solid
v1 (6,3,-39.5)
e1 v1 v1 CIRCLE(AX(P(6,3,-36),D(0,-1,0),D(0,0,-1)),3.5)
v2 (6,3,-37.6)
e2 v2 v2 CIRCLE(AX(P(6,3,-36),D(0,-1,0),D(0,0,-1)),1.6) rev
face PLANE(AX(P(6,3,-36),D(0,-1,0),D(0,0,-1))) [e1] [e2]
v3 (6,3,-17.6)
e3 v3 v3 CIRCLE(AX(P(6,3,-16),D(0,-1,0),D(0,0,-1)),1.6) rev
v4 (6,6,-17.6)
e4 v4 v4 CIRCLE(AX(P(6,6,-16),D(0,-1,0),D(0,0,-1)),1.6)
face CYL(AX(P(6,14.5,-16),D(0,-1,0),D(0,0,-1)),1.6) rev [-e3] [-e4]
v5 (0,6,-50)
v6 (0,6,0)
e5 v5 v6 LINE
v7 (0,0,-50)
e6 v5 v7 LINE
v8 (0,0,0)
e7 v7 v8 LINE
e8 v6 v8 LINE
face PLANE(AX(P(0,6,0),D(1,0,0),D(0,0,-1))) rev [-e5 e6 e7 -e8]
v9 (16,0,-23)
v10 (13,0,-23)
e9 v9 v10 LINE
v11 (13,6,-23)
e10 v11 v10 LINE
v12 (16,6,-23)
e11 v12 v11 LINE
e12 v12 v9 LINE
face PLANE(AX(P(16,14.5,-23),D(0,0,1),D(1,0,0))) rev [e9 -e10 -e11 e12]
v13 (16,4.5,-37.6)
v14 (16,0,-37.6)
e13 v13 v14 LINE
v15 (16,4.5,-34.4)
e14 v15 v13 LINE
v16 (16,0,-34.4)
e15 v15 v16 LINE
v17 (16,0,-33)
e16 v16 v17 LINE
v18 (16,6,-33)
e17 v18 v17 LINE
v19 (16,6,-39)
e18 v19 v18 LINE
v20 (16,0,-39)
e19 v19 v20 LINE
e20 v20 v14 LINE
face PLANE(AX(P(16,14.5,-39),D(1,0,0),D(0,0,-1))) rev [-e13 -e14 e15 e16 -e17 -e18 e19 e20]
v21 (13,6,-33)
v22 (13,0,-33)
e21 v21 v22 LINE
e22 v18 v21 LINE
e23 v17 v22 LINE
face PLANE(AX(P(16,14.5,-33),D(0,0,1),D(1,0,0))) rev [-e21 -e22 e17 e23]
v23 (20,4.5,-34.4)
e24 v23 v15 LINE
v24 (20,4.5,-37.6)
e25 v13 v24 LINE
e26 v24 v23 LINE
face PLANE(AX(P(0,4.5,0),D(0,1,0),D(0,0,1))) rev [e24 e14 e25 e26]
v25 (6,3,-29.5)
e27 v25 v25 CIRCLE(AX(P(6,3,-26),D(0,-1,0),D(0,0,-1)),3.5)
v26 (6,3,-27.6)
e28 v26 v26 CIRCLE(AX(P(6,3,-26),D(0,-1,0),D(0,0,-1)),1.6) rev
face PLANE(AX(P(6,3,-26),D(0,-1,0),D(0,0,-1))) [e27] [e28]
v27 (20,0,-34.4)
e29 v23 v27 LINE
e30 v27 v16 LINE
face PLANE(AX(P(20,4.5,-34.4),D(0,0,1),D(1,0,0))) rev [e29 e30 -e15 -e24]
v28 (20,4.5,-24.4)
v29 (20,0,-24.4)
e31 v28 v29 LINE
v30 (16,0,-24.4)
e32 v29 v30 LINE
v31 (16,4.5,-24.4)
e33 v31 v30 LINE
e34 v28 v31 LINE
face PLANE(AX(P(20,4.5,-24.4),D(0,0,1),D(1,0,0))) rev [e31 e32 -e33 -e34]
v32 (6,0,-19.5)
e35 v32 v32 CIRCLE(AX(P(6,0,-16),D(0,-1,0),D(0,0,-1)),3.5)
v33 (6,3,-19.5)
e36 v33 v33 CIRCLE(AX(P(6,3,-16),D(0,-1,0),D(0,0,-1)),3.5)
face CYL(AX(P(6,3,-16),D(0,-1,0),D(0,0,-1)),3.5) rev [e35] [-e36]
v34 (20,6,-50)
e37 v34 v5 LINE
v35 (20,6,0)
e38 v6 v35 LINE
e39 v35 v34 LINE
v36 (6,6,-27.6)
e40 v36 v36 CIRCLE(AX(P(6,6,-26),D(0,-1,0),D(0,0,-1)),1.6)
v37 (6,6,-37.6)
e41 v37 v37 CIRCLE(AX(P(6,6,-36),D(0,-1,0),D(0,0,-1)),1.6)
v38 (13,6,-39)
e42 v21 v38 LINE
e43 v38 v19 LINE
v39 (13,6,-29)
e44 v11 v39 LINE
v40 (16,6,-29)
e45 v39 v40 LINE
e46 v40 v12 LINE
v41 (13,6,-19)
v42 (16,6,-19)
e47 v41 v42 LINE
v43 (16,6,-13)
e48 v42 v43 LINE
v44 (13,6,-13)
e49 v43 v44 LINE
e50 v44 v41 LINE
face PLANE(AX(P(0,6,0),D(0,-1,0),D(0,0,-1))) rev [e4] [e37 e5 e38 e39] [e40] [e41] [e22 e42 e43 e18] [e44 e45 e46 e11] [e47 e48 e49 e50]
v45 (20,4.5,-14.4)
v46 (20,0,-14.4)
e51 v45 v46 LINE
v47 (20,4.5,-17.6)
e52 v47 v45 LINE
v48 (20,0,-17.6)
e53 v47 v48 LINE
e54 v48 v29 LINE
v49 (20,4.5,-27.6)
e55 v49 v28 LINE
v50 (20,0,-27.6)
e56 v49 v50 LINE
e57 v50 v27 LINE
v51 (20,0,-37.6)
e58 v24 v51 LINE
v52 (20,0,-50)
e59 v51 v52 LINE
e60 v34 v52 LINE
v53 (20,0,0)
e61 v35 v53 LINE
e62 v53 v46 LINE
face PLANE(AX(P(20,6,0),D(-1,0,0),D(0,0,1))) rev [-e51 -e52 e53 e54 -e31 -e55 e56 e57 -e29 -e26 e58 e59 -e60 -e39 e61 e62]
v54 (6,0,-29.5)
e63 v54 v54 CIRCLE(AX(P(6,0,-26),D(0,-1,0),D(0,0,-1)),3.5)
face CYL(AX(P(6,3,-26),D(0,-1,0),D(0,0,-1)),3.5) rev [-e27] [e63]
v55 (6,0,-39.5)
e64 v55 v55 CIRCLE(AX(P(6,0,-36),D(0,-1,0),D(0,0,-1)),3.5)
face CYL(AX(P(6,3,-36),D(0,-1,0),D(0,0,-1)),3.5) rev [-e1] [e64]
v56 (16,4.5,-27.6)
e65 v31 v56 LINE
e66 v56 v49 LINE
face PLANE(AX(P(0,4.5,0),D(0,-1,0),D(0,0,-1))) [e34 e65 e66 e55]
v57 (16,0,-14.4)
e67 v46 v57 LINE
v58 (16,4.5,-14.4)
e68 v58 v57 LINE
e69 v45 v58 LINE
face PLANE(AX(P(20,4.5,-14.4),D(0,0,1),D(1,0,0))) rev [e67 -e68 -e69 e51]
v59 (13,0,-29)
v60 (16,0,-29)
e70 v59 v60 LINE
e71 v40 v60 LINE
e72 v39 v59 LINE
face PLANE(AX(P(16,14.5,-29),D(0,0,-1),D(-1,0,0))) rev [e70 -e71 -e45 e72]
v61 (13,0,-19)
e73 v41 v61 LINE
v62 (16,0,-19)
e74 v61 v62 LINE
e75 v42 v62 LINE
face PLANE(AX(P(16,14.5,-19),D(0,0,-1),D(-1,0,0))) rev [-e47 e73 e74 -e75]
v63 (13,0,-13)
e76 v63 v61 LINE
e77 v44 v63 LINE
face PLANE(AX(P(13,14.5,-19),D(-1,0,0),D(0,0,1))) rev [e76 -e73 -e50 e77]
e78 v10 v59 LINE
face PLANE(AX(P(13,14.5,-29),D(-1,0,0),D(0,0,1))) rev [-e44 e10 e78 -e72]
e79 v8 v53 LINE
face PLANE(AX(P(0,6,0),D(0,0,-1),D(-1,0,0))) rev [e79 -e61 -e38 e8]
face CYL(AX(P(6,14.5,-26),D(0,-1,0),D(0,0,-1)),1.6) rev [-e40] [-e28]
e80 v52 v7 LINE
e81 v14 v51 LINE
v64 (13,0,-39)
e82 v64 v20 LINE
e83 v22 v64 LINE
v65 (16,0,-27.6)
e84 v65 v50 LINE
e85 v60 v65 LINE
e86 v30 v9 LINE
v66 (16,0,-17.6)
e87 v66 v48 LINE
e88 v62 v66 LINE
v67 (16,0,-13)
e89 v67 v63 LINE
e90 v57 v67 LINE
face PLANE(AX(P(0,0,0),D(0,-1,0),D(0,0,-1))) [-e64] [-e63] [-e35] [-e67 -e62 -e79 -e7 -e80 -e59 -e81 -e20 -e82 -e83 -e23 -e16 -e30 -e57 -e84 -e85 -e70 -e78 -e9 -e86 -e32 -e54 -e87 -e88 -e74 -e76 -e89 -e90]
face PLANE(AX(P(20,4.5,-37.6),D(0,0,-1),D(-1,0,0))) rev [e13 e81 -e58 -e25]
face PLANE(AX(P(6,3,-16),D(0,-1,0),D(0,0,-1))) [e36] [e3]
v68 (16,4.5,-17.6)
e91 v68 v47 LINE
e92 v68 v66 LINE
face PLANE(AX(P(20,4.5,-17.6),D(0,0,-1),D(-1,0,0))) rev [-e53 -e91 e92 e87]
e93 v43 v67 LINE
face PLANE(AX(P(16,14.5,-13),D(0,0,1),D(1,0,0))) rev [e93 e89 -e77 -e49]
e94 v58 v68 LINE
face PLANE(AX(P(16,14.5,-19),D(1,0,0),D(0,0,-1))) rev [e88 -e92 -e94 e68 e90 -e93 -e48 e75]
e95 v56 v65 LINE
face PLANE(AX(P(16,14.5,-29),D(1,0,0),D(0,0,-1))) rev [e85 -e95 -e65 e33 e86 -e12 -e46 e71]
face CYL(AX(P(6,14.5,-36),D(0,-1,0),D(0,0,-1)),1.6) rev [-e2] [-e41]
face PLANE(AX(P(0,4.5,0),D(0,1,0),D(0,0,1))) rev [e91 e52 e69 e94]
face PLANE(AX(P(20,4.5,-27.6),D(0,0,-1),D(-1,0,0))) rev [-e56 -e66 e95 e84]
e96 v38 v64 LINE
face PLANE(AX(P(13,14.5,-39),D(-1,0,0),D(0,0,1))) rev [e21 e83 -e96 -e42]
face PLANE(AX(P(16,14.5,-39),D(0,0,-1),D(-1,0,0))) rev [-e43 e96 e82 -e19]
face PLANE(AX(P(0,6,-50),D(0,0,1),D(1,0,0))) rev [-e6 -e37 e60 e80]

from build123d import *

# Parameters (mm, degrees)
SKETCH_1_W          = 20
SKETCH_1_H          = 50
EXTRUDE_1_DEPTH     = 6
SKETCH_3_W          = 4
SKETCH_3_H          = 3.2
CUT_EXTRUDE_1_DEPTH = 4.5
SKETCH_5_R          = 1.6
SKETCH_5_W          = 3
SKETCH_5_H          = 6
CUT_EXTRUDE_2_DEPTH = 14.5
SKETCH_7_R          = 3.5
CUT_EXTRUDE_3_DEPTH = 3


with BuildPart() as part:
    # 草图1 → 凸台-拉伸1 (new body)
    with BuildSketch(Plane(origin=(0, 0, 0), x_dir=(1, 0, 0), z_dir=(0, 1, 0))):
        with Locations((10, 25)):
            Rectangle(SKETCH_1_W, SKETCH_1_H)
    extrude(amount=EXTRUDE_1_DEPTH)

    # 草图3 → 切除-拉伸1 (cut)
    with BuildSketch(Plane.XZ):
        with Locations((18, -26)):
            Rectangle(SKETCH_3_W, SKETCH_3_H)
        with Locations((18, -16)):
            Rectangle(SKETCH_3_W, SKETCH_3_H)
        with Locations((18, -36)):
            Rectangle(SKETCH_3_W, SKETCH_3_H)
    extrude(amount=-CUT_EXTRUDE_1_DEPTH, mode=Mode.SUBTRACT)

    # 草图5 → 切除-拉伸2 (cut)
    with BuildSketch(Plane.XZ):
        with Locations(Location((6, -16, 0), (0, 0, 270))):
            Circle(SKETCH_5_R)
        with Locations(Location((6, -26, 0), (0, 0, 270))):
            Circle(SKETCH_5_R)
        with Locations(Location((6, -36, 0), (0, 0, 270))):
            Circle(SKETCH_5_R)
        with Locations((14.5, -36)):
            Rectangle(SKETCH_5_W, SKETCH_5_H)
        with Locations((14.5, -26)):
            Rectangle(SKETCH_5_W, SKETCH_5_H)
        with Locations((14.5, -16)):
            Rectangle(SKETCH_5_W, SKETCH_5_H)
    extrude(amount=-CUT_EXTRUDE_2_DEPTH, mode=Mode.SUBTRACT)

    # 草图7 → 切除-拉伸3 (cut)
    with BuildSketch(Plane.XZ):
        with Locations(Location((6, -16, 0), (0, 0, 270))):
            Circle(SKETCH_7_R)
        with Locations(Location((6, -26, 0), (0, 0, 270))):
            Circle(SKETCH_7_R)
        with Locations(Location((6, -36, 0), (0, 0, 270))):
            Circle(SKETCH_7_R)
    extrude(amount=-CUT_EXTRUDE_3_DEPTH, mode=Mode.SUBTRACT)


solid = part.part
